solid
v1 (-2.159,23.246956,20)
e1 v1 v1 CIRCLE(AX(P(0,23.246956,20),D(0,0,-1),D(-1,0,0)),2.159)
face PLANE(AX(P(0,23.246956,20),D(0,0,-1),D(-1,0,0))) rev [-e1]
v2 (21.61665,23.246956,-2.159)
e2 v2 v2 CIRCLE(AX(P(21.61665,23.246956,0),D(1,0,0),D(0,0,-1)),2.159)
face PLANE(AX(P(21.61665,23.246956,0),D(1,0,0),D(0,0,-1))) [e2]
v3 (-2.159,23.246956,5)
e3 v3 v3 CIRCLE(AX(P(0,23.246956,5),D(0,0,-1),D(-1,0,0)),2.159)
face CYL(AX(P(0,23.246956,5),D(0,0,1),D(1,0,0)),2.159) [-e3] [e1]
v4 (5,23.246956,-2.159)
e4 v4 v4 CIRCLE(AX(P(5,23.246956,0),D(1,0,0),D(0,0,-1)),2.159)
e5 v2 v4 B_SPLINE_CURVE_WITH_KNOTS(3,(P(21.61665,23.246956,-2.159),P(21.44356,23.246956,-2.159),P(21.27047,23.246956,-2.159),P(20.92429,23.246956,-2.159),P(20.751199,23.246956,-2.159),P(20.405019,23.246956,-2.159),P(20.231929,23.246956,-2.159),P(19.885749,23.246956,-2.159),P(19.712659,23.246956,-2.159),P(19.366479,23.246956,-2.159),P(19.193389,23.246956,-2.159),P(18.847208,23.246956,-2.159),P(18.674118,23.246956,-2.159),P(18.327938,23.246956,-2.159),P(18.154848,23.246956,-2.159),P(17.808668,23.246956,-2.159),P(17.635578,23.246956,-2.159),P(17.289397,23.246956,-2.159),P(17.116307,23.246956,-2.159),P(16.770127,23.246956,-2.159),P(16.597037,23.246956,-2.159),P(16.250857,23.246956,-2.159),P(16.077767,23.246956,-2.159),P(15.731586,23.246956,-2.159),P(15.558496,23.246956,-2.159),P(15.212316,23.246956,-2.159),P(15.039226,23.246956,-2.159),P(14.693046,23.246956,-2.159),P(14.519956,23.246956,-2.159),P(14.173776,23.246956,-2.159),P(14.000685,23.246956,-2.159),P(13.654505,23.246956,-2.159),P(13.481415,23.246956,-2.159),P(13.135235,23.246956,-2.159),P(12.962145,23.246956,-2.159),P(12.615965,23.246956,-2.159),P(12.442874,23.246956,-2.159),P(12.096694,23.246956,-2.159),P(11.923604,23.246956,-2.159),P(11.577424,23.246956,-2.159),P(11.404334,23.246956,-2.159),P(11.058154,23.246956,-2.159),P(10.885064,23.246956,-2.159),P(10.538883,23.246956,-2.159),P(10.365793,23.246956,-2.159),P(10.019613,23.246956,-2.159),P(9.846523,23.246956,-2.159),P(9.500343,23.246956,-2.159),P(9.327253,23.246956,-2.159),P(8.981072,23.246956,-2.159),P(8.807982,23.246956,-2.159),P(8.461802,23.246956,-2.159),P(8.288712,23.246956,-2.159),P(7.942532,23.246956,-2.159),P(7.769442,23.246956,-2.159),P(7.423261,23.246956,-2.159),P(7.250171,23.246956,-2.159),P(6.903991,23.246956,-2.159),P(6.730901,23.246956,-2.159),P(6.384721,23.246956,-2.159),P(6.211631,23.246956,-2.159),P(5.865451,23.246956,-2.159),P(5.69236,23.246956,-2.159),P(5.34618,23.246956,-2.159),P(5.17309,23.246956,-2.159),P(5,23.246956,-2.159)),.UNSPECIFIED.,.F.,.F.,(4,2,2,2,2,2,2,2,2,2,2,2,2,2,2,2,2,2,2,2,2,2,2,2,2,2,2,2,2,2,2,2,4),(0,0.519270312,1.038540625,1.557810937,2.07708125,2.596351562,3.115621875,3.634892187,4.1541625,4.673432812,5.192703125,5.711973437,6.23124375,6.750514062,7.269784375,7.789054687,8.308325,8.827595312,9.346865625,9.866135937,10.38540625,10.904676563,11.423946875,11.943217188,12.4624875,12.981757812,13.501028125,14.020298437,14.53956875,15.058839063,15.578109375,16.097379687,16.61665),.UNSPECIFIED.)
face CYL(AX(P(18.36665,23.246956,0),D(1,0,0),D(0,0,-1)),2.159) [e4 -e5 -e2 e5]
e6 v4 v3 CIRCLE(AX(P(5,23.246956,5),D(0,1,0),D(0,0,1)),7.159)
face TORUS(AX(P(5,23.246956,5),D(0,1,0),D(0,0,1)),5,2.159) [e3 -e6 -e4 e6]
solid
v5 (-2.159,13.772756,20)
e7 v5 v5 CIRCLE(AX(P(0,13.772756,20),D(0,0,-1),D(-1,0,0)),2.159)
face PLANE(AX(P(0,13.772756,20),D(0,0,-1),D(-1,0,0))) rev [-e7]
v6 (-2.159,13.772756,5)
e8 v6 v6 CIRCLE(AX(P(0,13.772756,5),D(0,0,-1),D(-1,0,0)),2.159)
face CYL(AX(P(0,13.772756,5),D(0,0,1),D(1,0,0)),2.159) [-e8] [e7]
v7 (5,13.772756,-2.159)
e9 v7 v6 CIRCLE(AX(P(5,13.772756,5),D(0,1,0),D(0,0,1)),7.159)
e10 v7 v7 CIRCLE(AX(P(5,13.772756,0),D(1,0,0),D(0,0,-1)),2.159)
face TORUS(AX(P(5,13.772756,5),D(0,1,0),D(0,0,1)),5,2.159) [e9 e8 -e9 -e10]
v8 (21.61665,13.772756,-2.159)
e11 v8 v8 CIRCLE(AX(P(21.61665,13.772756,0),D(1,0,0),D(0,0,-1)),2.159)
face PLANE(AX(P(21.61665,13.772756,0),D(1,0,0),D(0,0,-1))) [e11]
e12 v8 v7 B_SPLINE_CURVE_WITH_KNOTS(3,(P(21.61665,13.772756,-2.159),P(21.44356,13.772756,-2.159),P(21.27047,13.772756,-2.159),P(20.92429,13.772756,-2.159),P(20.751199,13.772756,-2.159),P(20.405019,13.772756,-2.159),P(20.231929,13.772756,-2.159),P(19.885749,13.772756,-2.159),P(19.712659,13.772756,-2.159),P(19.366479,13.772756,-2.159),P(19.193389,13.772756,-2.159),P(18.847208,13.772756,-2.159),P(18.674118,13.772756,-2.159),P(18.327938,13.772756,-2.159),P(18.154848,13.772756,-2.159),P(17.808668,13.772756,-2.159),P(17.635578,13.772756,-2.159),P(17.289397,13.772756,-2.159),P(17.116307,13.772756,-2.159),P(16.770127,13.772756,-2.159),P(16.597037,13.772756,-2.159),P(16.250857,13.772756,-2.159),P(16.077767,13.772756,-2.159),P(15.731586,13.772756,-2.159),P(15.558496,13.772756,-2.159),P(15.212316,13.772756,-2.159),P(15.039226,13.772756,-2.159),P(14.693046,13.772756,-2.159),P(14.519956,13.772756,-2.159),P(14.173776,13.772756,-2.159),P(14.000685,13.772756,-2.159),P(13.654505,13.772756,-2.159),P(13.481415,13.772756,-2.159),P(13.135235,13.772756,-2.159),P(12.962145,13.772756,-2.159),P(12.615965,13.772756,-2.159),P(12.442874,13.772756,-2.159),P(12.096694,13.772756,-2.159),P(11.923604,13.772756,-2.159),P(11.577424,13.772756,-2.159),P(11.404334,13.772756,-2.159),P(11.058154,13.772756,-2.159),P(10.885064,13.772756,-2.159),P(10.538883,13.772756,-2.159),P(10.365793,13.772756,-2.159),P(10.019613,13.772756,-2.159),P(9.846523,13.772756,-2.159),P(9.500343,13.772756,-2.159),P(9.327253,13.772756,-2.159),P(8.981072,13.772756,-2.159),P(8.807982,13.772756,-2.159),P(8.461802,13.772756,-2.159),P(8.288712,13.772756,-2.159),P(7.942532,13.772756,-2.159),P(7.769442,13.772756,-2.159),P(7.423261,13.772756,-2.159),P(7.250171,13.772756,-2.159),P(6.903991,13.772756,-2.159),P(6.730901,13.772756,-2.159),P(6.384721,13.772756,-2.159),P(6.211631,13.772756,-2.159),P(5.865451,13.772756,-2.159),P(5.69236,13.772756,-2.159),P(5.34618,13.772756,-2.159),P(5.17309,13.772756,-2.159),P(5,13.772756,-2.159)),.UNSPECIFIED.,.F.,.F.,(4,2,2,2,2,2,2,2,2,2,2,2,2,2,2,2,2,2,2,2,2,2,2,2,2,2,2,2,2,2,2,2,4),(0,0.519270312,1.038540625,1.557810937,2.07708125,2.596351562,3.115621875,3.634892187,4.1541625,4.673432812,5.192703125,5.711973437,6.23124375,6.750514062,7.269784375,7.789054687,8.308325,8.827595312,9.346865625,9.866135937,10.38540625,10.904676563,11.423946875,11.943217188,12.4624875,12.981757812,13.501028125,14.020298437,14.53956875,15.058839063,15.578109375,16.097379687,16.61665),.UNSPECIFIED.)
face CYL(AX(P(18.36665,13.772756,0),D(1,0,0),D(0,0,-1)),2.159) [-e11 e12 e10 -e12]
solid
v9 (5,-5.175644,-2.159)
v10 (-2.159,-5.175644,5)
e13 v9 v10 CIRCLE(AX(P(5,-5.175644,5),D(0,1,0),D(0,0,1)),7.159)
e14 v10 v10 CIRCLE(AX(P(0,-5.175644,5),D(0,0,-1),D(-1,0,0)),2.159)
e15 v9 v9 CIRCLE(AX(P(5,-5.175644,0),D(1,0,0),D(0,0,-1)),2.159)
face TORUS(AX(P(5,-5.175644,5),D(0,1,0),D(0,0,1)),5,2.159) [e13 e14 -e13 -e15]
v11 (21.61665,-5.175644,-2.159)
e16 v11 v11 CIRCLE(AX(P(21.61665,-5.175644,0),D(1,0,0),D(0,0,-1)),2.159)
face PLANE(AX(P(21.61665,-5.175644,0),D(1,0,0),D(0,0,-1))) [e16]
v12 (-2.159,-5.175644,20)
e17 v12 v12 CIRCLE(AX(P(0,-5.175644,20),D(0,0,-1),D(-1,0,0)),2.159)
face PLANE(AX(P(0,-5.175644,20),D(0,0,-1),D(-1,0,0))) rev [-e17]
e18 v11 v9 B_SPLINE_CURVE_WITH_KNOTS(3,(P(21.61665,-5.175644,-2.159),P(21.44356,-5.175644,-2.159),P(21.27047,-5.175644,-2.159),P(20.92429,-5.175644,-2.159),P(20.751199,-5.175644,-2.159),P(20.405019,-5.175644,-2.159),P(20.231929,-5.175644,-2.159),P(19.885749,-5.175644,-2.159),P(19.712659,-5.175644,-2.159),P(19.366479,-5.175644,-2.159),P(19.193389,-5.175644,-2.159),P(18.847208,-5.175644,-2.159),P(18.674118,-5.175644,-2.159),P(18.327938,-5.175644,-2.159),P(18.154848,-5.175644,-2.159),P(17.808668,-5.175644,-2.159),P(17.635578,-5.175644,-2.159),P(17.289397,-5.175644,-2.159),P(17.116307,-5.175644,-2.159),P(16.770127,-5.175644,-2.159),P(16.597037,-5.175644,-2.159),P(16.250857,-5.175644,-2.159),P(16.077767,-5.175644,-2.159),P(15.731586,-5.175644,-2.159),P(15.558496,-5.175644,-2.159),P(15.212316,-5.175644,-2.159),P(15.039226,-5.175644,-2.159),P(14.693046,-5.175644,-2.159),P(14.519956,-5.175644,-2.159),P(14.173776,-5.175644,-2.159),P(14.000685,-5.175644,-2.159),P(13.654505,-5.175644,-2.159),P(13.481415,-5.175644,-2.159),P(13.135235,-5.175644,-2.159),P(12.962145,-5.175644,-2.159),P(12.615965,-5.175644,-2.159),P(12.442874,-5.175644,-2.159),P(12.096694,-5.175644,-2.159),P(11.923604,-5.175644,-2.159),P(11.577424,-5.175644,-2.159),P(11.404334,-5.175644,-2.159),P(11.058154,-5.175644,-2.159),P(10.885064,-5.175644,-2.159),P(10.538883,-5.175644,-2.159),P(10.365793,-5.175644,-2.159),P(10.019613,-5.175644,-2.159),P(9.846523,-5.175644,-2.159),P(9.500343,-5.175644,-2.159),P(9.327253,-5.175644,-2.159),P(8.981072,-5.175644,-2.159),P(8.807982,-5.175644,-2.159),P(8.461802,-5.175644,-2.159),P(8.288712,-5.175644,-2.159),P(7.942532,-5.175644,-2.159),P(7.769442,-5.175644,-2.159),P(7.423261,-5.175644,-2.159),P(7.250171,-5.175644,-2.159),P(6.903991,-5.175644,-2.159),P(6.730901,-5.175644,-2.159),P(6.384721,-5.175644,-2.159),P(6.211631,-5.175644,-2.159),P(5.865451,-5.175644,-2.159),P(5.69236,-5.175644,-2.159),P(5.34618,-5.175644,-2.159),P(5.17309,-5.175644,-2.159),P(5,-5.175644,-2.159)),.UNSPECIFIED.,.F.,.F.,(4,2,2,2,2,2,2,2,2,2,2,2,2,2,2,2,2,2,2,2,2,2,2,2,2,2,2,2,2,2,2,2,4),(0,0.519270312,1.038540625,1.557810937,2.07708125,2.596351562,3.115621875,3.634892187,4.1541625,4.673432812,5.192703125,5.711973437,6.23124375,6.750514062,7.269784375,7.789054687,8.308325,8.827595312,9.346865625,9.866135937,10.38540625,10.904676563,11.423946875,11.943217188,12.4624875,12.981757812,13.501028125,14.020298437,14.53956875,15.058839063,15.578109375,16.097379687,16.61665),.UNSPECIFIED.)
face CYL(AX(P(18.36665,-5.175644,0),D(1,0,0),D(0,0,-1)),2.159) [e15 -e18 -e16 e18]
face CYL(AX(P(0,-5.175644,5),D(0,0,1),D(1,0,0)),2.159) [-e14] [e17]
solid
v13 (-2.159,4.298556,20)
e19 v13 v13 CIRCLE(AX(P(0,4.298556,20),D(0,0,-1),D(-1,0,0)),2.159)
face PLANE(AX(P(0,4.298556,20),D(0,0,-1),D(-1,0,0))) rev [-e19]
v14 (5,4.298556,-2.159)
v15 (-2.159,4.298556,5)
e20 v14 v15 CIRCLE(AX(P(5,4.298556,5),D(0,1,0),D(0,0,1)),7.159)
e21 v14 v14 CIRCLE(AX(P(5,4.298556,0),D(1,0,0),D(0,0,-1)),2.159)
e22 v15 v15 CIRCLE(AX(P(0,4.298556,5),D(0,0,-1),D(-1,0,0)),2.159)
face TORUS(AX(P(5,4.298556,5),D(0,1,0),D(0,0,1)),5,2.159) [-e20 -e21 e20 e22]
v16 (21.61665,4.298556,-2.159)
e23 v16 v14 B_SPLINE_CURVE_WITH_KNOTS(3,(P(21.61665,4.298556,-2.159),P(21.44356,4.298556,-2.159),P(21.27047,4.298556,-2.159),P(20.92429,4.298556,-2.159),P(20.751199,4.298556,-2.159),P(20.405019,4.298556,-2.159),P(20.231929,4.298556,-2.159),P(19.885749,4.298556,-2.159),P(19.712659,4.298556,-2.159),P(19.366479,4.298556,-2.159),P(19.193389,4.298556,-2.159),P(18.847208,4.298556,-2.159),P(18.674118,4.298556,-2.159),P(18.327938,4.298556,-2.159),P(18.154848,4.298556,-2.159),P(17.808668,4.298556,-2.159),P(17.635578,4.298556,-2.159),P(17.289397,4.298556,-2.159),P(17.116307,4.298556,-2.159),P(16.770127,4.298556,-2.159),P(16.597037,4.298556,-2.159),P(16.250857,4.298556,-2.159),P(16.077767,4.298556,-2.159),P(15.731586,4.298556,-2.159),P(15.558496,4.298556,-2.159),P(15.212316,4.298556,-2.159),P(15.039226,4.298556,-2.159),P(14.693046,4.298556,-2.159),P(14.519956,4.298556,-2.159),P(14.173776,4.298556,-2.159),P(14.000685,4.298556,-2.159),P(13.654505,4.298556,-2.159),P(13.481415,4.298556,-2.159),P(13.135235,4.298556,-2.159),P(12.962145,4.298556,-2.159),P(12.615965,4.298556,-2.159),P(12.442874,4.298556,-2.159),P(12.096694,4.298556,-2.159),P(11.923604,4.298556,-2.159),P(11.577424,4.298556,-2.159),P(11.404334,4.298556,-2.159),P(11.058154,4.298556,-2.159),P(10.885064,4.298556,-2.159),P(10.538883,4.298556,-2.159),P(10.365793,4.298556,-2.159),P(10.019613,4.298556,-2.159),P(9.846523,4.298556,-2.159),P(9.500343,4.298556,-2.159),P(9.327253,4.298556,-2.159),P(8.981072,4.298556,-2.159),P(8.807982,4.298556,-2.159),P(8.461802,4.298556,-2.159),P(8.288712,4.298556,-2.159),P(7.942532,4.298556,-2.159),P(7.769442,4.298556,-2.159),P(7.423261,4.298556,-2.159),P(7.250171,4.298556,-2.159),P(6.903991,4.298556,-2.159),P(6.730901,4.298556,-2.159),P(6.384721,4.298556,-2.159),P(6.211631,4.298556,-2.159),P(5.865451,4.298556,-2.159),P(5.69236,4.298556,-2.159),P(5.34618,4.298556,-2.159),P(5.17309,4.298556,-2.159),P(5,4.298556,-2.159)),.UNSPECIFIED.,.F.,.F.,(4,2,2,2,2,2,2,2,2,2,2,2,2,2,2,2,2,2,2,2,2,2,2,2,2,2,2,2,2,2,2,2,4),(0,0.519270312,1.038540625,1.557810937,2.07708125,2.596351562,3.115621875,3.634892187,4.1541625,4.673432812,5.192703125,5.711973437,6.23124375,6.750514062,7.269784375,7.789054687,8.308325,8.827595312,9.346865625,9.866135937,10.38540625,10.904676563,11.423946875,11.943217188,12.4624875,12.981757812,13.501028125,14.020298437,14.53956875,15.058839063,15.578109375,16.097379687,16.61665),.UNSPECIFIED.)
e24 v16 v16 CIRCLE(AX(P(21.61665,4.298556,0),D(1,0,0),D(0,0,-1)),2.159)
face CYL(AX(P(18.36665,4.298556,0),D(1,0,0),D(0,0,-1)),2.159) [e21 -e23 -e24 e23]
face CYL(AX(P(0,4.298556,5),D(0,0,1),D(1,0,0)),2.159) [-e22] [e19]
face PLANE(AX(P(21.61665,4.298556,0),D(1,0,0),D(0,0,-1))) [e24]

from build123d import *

# Parameters (mm, degrees)
SKETCH8_R = 2.159


with BuildPart() as part:
    # Sweep1: sweep along a curve in space
    with BuildLine() as sweep1_path:
        Line((0, 23.246956006, 20), (0, 23.246956006, 5))
        ThreePointArc((0, 23.246956006, 5), (1.464466094, 23.246956006, 1.464466094), (5, 23.246956006, 0))
        Line((5, 23.246956006, 0), (18.36665, 23.246956006, 0))
        Line((18.36665, 23.246956006, 0), (21.61665, 23.246956006, 0))
    # Sketch8 → Sweep1 (sweep)
    with BuildSketch(Plane(origin=(21.61665, 23.246956006, 0), x_dir=(0, 0, -1), z_dir=(1, 0, 0))):
        Circle(SKETCH8_R)
        with Locations((0, -9.4742)):
            Circle(SKETCH8_R)
        with Locations((0, -28.4226)):
            Circle(SKETCH8_R)
        with Locations((0, -18.9484)):
            Circle(SKETCH8_R)
    sweep(path=sweep1_path.line)


solid = part.part
